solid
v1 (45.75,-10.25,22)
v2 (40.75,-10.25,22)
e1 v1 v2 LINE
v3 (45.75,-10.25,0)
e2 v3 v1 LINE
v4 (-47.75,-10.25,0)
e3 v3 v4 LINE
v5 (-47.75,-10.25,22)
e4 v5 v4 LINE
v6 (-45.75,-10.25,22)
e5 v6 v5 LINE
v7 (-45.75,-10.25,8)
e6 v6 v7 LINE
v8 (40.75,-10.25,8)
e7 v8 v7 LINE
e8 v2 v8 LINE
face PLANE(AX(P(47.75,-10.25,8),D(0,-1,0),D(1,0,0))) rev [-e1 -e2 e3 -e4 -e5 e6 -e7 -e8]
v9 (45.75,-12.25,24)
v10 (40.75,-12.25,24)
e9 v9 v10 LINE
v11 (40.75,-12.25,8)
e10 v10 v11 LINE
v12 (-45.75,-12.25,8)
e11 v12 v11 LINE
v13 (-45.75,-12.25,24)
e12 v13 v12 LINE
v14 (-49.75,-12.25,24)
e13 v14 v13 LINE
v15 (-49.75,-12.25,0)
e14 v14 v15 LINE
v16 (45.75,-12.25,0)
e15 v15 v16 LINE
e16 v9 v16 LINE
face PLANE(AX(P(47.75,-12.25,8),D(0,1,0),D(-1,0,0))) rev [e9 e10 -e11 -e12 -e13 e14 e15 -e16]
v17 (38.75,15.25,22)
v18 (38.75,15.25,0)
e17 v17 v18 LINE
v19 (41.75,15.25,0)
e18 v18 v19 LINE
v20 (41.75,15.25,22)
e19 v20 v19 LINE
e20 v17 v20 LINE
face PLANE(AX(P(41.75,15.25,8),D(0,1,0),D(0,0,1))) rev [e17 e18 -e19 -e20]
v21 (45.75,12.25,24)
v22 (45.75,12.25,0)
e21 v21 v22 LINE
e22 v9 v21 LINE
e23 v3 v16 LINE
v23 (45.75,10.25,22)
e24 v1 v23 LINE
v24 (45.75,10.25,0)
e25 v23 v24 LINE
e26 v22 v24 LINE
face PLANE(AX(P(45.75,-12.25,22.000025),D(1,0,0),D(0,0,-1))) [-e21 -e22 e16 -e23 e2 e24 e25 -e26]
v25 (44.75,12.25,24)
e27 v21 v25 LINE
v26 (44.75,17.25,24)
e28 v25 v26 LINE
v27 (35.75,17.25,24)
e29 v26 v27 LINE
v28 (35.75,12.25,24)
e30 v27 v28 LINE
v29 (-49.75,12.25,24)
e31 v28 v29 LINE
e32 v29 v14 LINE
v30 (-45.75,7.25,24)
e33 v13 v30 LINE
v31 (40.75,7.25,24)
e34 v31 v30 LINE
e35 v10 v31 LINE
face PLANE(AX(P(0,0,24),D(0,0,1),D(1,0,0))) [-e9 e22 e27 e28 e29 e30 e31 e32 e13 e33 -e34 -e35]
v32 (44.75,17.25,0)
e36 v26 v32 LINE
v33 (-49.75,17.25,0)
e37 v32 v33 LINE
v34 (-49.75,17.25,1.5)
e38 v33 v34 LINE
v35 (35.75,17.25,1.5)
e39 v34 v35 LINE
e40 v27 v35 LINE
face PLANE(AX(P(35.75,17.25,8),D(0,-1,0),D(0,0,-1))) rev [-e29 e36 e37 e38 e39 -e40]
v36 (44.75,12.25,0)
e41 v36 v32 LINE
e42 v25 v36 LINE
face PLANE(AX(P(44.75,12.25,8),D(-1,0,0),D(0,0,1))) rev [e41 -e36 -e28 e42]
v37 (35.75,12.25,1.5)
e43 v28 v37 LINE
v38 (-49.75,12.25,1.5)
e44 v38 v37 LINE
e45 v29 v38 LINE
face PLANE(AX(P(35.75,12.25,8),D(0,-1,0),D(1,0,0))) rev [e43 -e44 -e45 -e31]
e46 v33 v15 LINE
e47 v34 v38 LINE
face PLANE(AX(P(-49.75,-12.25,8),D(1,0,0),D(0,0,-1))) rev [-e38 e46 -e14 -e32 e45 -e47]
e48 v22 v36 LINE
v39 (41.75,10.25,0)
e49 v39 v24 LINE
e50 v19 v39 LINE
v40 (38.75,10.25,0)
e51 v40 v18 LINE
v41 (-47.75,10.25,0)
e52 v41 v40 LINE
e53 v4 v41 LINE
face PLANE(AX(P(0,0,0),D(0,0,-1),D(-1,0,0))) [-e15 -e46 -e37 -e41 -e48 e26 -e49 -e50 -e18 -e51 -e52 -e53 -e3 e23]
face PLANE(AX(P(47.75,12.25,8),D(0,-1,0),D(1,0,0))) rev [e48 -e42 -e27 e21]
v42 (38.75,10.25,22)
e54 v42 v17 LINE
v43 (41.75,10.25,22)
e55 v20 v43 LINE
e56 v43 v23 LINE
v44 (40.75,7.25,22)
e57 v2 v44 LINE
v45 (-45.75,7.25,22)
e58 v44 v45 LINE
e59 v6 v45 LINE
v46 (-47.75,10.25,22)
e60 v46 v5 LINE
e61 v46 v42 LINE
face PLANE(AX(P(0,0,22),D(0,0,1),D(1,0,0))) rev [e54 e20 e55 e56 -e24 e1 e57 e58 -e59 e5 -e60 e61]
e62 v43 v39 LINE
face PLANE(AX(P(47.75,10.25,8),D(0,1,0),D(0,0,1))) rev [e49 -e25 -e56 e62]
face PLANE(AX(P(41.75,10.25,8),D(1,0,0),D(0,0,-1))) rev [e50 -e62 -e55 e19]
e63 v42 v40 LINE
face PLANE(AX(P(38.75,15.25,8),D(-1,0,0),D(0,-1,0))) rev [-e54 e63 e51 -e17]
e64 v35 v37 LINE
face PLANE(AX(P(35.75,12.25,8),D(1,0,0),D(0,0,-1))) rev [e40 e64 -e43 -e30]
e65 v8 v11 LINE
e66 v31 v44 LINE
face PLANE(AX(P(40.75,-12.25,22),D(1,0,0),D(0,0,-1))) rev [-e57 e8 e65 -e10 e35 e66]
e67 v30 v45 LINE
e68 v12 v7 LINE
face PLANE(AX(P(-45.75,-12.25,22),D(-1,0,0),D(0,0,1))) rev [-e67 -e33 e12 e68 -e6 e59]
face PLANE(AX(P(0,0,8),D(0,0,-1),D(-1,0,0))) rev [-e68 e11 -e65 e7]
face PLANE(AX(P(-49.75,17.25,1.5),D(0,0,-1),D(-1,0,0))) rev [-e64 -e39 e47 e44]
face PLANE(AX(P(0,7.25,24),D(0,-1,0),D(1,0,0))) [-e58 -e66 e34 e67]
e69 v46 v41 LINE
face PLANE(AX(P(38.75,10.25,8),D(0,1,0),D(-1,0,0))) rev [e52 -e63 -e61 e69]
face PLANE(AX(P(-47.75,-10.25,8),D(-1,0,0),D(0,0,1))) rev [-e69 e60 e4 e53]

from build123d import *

# Parameters (mm, degrees)
EXTRUDE_1_DEPTH          = 8
EXTRUDE_3_DEPTH          = 14
CUT_EXTRUDE_1_DEPTH      = 55.485089704
CUT_EXTRUDE_1_DEPTH_BACK = 55.485089704
SKETCH_4_W               = 2
SKETCH_4_H               = 24.5
SKETCH_7_W               = 2
SKETCH_7_H               = 2
SKETCH_7_W_2             = 5
EXTRUDE_6_DEPTH          = 14
EXTRUDE_4_DEPTH          = 2
SKETCH_8_W               = 85.5
SKETCH_8_H               = 1.5
EXTRUDE_7_DEPTH          = 5


with BuildPart() as part:
    # Эскиз1 → Бобышка-Вытянуть1 (new body)
    with BuildSketch(Plane.XY):
        Polygon((47.75, 12.25), (44.75, 12.25), (44.75, 17.25), (35.75, 17.25), (35.75, 12.25), (-49.75, 12.25), (-49.75, -12.25), (47.75, -12.25), (47.75, -10.25), (-47.75, -10.25), (-47.75, 10.25), (38.75, 10.25), (38.75, 15.25), (41.75, 15.25), (41.75, 12.25), (41.75, 10.25), (47.75, 10.25), align=None)
    extrude(amount=EXTRUDE_1_DEPTH)

    # Эскиз2 → Бобышка-Вытянуть3 (add)
    with BuildSketch(Plane.XY.offset(8)):
        Polygon((44.75, 10.25), (47.75, 10.25), (47.75, 12.25), (44.75, 12.25), (44.75, 15.25), (44.75, 17.25), (41.75, 17.25), (35.75, 17.25), (35.75, 15.25), (35.75, 12.25), (-47.75, 12.25), (-49.75, 12.25), (-49.75, 10.25), (-49.75, -10.25), (-49.75, -12.25), (-47.75, -12.25), (-47.75, -10.25), (-47.75, 10.25), (35.75, 10.25), (38.75, 10.25), (38.75, 12.25), (38.75, 15.25), (41.75, 15.25), (41.75, 10.25), align=None)
    extrude(amount=EXTRUDE_3_DEPTH)

    # Эскиз4 → Вырез-Вытянуть1 (cut, two sides: drawn at the far end of the back side and taken through both)
    with BuildSketch(Plane.XY.offset(8).offset(-CUT_EXTRUDE_1_DEPTH_BACK)):
        with Locations((46.75, 0)):
            Rectangle(SKETCH_4_W, SKETCH_4_H)
    extrude(amount=CUT_EXTRUDE_1_DEPTH + CUT_EXTRUDE_1_DEPTH_BACK, mode=Mode.SUBTRACT)

    # Эскиз7 → Бобышка-Вытянуть6 (add)
    with BuildSketch(Plane.XY.offset(8)):
        with Locations((-46.75, -11.25)):
            Rectangle(SKETCH_7_W, SKETCH_7_H)
        with Locations((43.25, -11.25)):
            Rectangle(SKETCH_7_W_2, SKETCH_7_H)
    extrude(amount=EXTRUDE_6_DEPTH)

    # Эскиз5 → Бобышка-Вытянуть4 (add)
    with BuildSketch(Plane.XY.offset(22)):
        Polygon((45.75, -12.25), (40.75, -12.25), (40.75, 7.25), (-45.75, 7.25), (-45.75, -12.25), (-49.75, -12.25), (-49.75, 12.25), (35.75, 12.25), (35.75, 17.25), (44.75, 17.25), (44.75, 12.25), (45.75, 12.25), align=None)
    extrude(amount=EXTRUDE_4_DEPTH)

    # Эскиз8 → Бобышка-Вытянуть7 (add)
    with BuildSketch(Plane(origin=(0, 12.25, 0), x_dir=(1, 0, 0), z_dir=(0, 1, 0))):
        with Locations((-7, -0.75)):
            Rectangle(SKETCH_8_W, SKETCH_8_H)
    extrude(amount=EXTRUDE_7_DEPTH)


solid = part.part
